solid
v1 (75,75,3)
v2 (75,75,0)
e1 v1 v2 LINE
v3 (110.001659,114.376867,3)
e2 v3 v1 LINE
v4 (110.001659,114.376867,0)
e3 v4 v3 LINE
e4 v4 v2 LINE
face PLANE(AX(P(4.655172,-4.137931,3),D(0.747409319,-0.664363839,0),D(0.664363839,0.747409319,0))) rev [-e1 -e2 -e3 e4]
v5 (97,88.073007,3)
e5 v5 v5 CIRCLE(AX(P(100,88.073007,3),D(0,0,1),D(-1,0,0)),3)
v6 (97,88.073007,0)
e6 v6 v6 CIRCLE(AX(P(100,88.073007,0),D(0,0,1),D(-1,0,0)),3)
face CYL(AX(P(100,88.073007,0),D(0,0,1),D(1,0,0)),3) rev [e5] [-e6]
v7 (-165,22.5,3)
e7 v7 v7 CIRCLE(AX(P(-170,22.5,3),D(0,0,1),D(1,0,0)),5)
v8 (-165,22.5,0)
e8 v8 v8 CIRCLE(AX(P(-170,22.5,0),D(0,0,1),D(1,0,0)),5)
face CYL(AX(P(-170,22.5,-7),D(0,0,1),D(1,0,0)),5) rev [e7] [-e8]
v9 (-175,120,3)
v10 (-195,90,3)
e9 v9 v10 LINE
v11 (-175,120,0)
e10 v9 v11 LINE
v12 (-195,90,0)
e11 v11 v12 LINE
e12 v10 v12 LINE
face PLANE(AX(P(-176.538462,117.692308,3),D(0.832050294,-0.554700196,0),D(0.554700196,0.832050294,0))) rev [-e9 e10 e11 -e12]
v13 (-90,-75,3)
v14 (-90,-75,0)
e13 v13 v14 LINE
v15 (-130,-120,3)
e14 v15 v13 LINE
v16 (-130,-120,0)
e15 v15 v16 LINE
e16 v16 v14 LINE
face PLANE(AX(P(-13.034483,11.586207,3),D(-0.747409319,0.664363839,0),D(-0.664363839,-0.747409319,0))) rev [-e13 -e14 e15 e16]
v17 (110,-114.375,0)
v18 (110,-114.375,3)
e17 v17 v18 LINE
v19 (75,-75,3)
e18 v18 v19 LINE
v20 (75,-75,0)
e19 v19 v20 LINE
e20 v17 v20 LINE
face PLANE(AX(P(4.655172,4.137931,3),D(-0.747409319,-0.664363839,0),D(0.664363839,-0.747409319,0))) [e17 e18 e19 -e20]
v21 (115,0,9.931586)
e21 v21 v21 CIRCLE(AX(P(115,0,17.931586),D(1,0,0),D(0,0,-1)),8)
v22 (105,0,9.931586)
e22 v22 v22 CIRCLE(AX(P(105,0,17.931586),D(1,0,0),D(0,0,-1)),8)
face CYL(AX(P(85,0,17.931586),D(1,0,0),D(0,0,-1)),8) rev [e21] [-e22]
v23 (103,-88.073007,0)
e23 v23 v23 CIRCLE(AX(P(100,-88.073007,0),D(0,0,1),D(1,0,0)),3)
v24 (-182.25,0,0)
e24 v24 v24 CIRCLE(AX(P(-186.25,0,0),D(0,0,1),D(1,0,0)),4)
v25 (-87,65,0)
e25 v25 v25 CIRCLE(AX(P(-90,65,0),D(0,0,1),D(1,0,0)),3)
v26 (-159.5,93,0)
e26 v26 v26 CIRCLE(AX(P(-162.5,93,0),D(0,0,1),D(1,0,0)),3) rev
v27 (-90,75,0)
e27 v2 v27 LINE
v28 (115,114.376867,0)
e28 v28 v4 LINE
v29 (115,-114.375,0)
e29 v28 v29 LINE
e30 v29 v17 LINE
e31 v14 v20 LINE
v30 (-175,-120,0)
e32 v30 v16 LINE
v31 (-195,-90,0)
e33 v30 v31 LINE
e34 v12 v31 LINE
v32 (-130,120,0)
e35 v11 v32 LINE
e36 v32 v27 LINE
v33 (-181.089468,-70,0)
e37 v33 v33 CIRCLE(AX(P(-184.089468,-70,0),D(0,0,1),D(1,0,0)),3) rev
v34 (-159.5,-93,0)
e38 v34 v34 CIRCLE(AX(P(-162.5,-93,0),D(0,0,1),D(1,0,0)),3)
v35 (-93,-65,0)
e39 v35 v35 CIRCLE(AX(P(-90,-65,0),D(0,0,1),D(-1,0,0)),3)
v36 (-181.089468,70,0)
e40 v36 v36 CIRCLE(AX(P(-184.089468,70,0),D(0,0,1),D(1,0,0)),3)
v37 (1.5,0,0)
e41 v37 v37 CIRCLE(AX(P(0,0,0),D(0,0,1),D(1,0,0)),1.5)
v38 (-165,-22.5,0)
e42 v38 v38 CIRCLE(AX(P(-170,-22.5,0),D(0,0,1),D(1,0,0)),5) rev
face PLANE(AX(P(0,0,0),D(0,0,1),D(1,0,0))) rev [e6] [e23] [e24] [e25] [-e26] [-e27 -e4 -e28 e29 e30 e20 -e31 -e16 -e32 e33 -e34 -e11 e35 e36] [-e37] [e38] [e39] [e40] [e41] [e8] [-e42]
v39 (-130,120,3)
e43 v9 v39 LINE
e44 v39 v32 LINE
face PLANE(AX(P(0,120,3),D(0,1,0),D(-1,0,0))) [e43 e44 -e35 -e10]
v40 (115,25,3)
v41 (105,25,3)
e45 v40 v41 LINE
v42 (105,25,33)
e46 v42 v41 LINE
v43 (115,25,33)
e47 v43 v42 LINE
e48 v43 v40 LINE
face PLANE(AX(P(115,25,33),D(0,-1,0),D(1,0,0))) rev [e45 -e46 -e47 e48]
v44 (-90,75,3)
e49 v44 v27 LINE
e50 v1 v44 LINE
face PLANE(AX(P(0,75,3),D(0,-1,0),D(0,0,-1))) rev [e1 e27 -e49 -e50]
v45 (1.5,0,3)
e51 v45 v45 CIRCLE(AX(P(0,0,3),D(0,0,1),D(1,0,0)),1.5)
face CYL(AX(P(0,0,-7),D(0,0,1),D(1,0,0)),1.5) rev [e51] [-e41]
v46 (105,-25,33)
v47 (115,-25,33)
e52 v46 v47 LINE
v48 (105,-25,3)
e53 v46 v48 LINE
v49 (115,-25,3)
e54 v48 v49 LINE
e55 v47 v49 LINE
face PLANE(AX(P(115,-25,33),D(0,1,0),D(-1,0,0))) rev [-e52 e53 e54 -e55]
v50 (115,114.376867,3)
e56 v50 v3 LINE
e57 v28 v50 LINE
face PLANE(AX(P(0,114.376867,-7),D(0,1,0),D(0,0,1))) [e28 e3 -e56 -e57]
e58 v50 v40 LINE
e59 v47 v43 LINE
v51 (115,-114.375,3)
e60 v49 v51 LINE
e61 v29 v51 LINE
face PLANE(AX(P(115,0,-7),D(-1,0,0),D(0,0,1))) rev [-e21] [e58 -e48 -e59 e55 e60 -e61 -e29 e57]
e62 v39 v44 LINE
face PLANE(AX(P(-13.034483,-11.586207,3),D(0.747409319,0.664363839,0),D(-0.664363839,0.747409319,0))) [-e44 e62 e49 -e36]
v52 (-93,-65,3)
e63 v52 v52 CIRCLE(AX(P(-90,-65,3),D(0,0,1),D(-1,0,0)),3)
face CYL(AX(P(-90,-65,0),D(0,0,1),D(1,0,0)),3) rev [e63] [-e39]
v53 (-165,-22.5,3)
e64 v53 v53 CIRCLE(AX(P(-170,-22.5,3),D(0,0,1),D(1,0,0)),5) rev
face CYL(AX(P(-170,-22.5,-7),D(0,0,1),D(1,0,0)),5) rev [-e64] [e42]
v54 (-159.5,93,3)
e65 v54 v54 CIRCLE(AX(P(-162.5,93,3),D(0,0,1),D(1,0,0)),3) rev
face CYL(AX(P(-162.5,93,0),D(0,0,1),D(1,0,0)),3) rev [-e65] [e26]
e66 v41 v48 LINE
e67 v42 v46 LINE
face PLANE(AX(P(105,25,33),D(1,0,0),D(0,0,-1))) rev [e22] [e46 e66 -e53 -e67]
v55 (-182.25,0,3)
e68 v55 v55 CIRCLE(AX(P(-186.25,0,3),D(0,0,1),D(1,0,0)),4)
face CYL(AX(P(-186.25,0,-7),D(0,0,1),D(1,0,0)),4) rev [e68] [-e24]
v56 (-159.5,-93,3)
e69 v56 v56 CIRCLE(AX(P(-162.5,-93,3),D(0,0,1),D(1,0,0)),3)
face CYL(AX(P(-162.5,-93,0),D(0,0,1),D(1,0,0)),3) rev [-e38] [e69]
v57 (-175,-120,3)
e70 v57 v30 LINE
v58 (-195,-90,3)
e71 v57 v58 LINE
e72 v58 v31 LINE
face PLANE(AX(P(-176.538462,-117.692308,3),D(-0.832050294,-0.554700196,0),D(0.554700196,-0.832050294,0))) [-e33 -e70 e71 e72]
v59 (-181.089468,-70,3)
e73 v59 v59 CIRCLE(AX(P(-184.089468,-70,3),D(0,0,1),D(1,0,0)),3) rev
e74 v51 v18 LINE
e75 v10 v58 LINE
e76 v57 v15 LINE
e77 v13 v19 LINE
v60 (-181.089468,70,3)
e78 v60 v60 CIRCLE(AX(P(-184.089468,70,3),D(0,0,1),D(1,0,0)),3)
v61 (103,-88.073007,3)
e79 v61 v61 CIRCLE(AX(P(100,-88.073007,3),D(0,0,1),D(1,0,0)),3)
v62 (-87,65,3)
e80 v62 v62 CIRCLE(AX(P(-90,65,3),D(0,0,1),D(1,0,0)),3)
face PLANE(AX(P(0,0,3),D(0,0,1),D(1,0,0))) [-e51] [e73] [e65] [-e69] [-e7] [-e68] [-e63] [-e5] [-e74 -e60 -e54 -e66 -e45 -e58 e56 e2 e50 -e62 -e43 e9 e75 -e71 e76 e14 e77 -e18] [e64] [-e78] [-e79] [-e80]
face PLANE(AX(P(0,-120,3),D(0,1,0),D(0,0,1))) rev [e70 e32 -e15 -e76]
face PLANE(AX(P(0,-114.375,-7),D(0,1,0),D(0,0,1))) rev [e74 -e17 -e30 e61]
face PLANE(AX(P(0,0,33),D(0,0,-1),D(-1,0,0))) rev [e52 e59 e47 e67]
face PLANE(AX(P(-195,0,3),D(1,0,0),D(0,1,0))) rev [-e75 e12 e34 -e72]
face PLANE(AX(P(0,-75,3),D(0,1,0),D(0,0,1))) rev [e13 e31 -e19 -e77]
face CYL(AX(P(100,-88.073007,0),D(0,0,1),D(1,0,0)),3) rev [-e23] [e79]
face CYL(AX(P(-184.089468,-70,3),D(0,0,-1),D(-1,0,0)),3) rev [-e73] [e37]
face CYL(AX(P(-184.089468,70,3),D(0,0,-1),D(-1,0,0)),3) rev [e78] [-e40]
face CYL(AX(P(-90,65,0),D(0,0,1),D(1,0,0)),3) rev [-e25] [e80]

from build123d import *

# Parameters (mm, degrees)
SKETCH_1_R           = 3
SKETCH_1_W           = 90
SKETCH_1_H           = 120
SKETCH_1_R_2         = 10
SKETCH_1_R_3         = 7.5
EXTRUDE_2_DEPTH      = 3
EXTRUDE_START        = -10
SKETCH_2_R           = 7.5
EXTRUDE_3_DEPTH      = 10
CUT_EXTRUDE_1_DEPTH  = 10
EXTRUDE_START_2      = -3
SKETCH_4_R           = 10
EXTRUDE_4_DEPTH      = 3
SKETCH_6_W           = 7
SKETCH_6_H           = 14.142135624
CUT_EXTRUDE_5_DEPTH  = 333.489097566
SKETCH_7_W           = 90
SKETCH_7_H           = 120
EXTRUDE_5_DEPTH      = 3
SKETCH_8_W           = 10
SKETCH_8_H           = 50
EXTRUDE_6_DEPTH      = 30
SKETCH_9_R           = 8
CUT_EXTRUDE_6_DEPTH  = 30
SKETCH_10_R          = 3
EXTRUDE_7_DEPTH      = 3
SKETCH_11_R          = 3
CUT_EXTRUDE_7_DEPTH  = 3
SKETCH_12_R          = 3
EXTRUDE_8_DEPTH      = 3
SKETCH_13_R          = 3
CUT_EXTRUDE_8_DEPTH  = 3
SKETCH_14_R          = 3
CUT_EXTRUDE_9_DEPTH  = 10
SKETCH_15_R          = 3
CUT_EXTRUDE_10_DEPTH = 231.922064775
SKETCH_16_R          = 3
EXTRUDE_10_DEPTH     = 3
SKETCH_17_R          = 3
CUT_EXTRUDE_11_DEPTH = 231.922064775
SKETCH_18_R          = 5
CUT_EXTRUDE_12_DEPTH = 10
SKETCH_20_R          = 1.5
CUT_EXTRUDE_13_DEPTH = 10
CUT_EXTRUDE_14_DEPTH = 10


with BuildPart() as part:
    # 草图1 → 凸台-拉伸2 (new body)
    # profile 1 of 9: a face of its own
    with BuildSketch(Plane.XY):
        Polygon((195, -115), (195, 115), (190, 115), (190, 120), (115, 120), (115, 75), (75, 75), (-90, 75), (-130, 75), (-130, 120), (-175, 120), (-175, 90), (-195, 90), (-195, -90), (-175, -90), (-175, -120), (-130, -120), (-130, -75), (-90, -75), (75, -75), (115, -75), (115, -120), (190, -120), (190, -115), align=None)
        with Locations((-184.089468205, -70)):
            Circle(SKETCH_1_R, mode=Mode.SUBTRACT)
        with Locations((-87, -69)):
            Circle(SKETCH_1_R, mode=Mode.SUBTRACT)
        with Locations((-184.089468205, 70)):
            Circle(SKETCH_1_R, mode=Mode.SUBTRACT)
        with Locations((-87, 69)):
            Circle(SKETCH_1_R, mode=Mode.SUBTRACT)
        Rectangle(SKETCH_1_W, SKETCH_1_H, mode=Mode.SUBTRACT)
        with Locations((75, 0)):
            Circle(SKETCH_1_R_2, mode=Mode.SUBTRACT)
        with Locations((117.5, 0)):
            Circle(SKETCH_1_R_3, mode=Mode.SUBTRACT)
    # profile 2 of 9: a face of its own
    with BuildSketch(Plane.XY):
        Polygon((-130, 120), (-90, 75), (-130, 75), align=None)
    # profile 3 of 9: a face of its own
    with BuildSketch(Plane.XY):
        Polygon((-175, 120), (-175, 90), (-195, 90), align=None)
    # profile 4 of 9: a face of its own
    with BuildSketch(Plane.XY):
        Polygon((-175, -120), (-195, -90), (-175, -90), align=None)
    # profile 5 of 9: a face of its own
    with BuildSketch(Plane.XY):
        Polygon((-130, -120), (-130, -75), (-90, -75), align=None)
    # profile 6 of 9: a face of its own
    with BuildSketch(Plane.XY):
        Polygon((115, -120), (75, -75), (115, -75), align=None)
        with Locations((104.379549532, -93)):
            Circle(SKETCH_1_R, mode=Mode.SUBTRACT)
    # profile 7 of 9: a face of its own
    with BuildSketch(Plane.XY):
        Polygon((115, 120), (115, 75), (75, 75), align=None)
        with Locations((104.379549532, 93)):
            Circle(SKETCH_1_R, mode=Mode.SUBTRACT)
    # profile 8 of 9: a face of its own
    with BuildSketch(Plane.XY):
        Polygon((190, 120), (195, 115), (190, 115), align=None)
    # profile 9 of 9: a face of its own
    with BuildSketch(Plane.XY):
        Polygon((190, -115), (190, -120), (195, -115), align=None)
    extrude(amount=EXTRUDE_2_DEPTH)

    # 草图2 → 凸台-拉伸3 (add)
    with BuildSketch(Plane.XY.offset(3).offset(EXTRUDE_START)):
        with Locations((117.5, 0)):
            Circle(SKETCH_2_R)
    extrude(amount=EXTRUDE_3_DEPTH)

    # 草图3 → 切除-拉伸1 (cut)
    with BuildSketch(Plane.XY.offset(3)):
        Polygon((115, 120), (115, -120), (190, -120), (195, -115), (195, 115), (190, 120), align=None)
        Polygon((115, -120), (115, -114.375), (110, -114.375), align=None)
        Polygon((115, 114.376866735), (115, 120), (110.00165932, 114.376866735), align=None)
    extrude(amount=-CUT_EXTRUDE_1_DEPTH, mode=Mode.SUBTRACT)

    # 草图4 → 凸台-拉伸4 (add)
    with BuildSketch(Plane.XY.offset(3).offset(EXTRUDE_START_2)):
        with Locations((75, 0)):
            Circle(SKETCH_4_R)
    extrude(amount=EXTRUDE_4_DEPTH)

    # 草图6 → 切除-拉伸5 (cut, through all)
    with BuildSketch(Plane(origin=(115, 0, 0), x_dir=(0, 0, -1), z_dir=(1, 0, 0))):
        with Locations((3.5, 0)):
            Rectangle(SKETCH_6_W, SKETCH_6_H)
    extrude(amount=-CUT_EXTRUDE_5_DEPTH, mode=Mode.SUBTRACT)

    # 草图7 → 凸台-拉伸5 (add)
    with BuildSketch(Plane.XY.offset(3)):
        Rectangle(SKETCH_7_W, SKETCH_7_H)
    extrude(amount=-EXTRUDE_5_DEPTH)

    # 草图8 → 凸台-拉伸6 (add)
    with BuildSketch(Plane.XY.offset(3)):
        with Locations((110, 0)):
            Rectangle(SKETCH_8_W, SKETCH_8_H)
    extrude(amount=EXTRUDE_6_DEPTH)

    # 草图9 → 切除-拉伸6 (cut)
    with BuildSketch(Plane(origin=(115, 0, 0), x_dir=(0, 0, -1), z_dir=(1, 0, 0))):
        with Locations((-17.93158575, 0)):
            Circle(SKETCH_9_R)
    extrude(amount=-CUT_EXTRUDE_6_DEPTH, mode=Mode.SUBTRACT)

    # 草图10 → 凸台-拉伸7 (add)
    with BuildSketch(Plane.XY.offset(3).offset(EXTRUDE_START_2)):
        with Locations((104.379549532, -93)):
            Circle(SKETCH_10_R)
        with Locations((104.379549532, 93)):
            Circle(SKETCH_10_R)
    extrude(amount=EXTRUDE_7_DEPTH)

    # 草图11 → 切除-拉伸7 (cut)
    with BuildSketch(Plane.XY.offset(3)):
        with Locations((100, -88.073006777)):
            Circle(SKETCH_11_R)
        with Locations(Location((100, 88.073006777, 0), (0, 0, 180))):
            Circle(SKETCH_11_R)
    extrude(amount=-CUT_EXTRUDE_7_DEPTH, mode=Mode.SUBTRACT)

    # 草图12 → 凸台-拉伸8 (add)
    with BuildSketch(Plane.XY.offset(3).offset(EXTRUDE_START_2)):
        with Locations((-87, 69)):
            Circle(SKETCH_12_R)
        with Locations((-87, -69)):
            Circle(SKETCH_12_R)
    extrude(amount=EXTRUDE_8_DEPTH)

    # 草图13 → 切除-拉伸8 (cut)
    with BuildSketch(Plane.XY.offset(3)):
        with Locations((-90, 65)):
            Circle(SKETCH_13_R)
        with Locations(Location((-90, -65, 0), (0, 0, 180))):
            Circle(SKETCH_13_R)
    extrude(amount=-CUT_EXTRUDE_8_DEPTH, mode=Mode.SUBTRACT)

    # 草图14 → 切除-拉伸9 (cut)
    with BuildSketch(Plane.XY.offset(3)):
        with BuildLine():
            ThreePointArc((-159.5, 88), (-160.378679656, 90.121320344), (-162.5, 91))
            Line((-162.5, 91), (-162.5, 85))
            ThreePointArc((-162.5, 85), (-160.378679656, 85.878679656), (-159.5, 88))
        make_face()
        with BuildLine():
            Line((-162.5, 85), (-162.5, 91))
            ThreePointArc((-162.5, 91), (-165.5, 88), (-162.5, 85))
        make_face()
        with Locations((-162.5, -88)):
            Circle(SKETCH_14_R)
    extrude(amount=-CUT_EXTRUDE_9_DEPTH, mode=Mode.SUBTRACT)

    # 草图15 → 切除-拉伸10 (cut, through all)
    with BuildSketch(Plane.XY.offset(3)):
        with Locations((-162.5, -93)):
            Circle(SKETCH_15_R)
        with Locations((-162.5, -88)):
            Circle(SKETCH_15_R)
        with Locations((-162.5, 93)):
            Circle(SKETCH_15_R)
        with Locations((-162.5, 88)):
            Circle(SKETCH_15_R)
    extrude(amount=-CUT_EXTRUDE_10_DEPTH, mode=Mode.SUBTRACT)

    # 草图16 → 凸台-拉伸10 (add)
    with BuildSketch(Plane.XY.offset(3)):
        with Locations((-162.5, 88)):
            Circle(SKETCH_16_R)
        with Locations((-162.5, -88)):
            Circle(SKETCH_16_R)
    extrude(amount=-EXTRUDE_10_DEPTH)

    # 草图17 → 切除-拉伸11 (cut, through all)
    with BuildSketch(Plane.XY.offset(3)):
        with Locations((-162.5, 93)):
            Circle(SKETCH_17_R)
        with Locations((-162.5, -93)):
            Circle(SKETCH_17_R)
    extrude(amount=-CUT_EXTRUDE_11_DEPTH, mode=Mode.SUBTRACT)

    # 草图18 → 切除-拉伸12 (cut)
    with BuildSketch(Plane.XY.offset(3)):
        with Locations((-170, 22.5)):
            Circle(SKETCH_18_R)
        with Locations((-170, -22.5)):
            Circle(SKETCH_18_R)
    extrude(amount=-CUT_EXTRUDE_12_DEPTH, mode=Mode.SUBTRACT)

    # 草图20 → 切除-拉伸13 (cut)
    with BuildSketch(Plane.XY.offset(3)):
        Circle(SKETCH_20_R)
    extrude(amount=-CUT_EXTRUDE_13_DEPTH, mode=Mode.SUBTRACT)

    # 草图21 → 切除-拉伸14 (cut)
    with BuildSketch(Plane.XY.offset(3)):
        with BuildLine():
            ThreePointArc((-182.25, 0), (-183.421572875, 2.828427125), (-186.25, 4))
            Line((-186.25, 4), (-186.25, -4))
            ThreePointArc((-186.25, -4), (-183.421572875, -2.828427125), (-182.25, 0))
        make_face()
        with BuildLine():
            Line((-186.25, -4), (-186.25, 4))
            ThreePointArc((-186.25, 4), (-190.25, 0), (-186.25, -4))
        make_face()
    extrude(amount=-CUT_EXTRUDE_14_DEPTH, mode=Mode.SUBTRACT)


solid = part.part
